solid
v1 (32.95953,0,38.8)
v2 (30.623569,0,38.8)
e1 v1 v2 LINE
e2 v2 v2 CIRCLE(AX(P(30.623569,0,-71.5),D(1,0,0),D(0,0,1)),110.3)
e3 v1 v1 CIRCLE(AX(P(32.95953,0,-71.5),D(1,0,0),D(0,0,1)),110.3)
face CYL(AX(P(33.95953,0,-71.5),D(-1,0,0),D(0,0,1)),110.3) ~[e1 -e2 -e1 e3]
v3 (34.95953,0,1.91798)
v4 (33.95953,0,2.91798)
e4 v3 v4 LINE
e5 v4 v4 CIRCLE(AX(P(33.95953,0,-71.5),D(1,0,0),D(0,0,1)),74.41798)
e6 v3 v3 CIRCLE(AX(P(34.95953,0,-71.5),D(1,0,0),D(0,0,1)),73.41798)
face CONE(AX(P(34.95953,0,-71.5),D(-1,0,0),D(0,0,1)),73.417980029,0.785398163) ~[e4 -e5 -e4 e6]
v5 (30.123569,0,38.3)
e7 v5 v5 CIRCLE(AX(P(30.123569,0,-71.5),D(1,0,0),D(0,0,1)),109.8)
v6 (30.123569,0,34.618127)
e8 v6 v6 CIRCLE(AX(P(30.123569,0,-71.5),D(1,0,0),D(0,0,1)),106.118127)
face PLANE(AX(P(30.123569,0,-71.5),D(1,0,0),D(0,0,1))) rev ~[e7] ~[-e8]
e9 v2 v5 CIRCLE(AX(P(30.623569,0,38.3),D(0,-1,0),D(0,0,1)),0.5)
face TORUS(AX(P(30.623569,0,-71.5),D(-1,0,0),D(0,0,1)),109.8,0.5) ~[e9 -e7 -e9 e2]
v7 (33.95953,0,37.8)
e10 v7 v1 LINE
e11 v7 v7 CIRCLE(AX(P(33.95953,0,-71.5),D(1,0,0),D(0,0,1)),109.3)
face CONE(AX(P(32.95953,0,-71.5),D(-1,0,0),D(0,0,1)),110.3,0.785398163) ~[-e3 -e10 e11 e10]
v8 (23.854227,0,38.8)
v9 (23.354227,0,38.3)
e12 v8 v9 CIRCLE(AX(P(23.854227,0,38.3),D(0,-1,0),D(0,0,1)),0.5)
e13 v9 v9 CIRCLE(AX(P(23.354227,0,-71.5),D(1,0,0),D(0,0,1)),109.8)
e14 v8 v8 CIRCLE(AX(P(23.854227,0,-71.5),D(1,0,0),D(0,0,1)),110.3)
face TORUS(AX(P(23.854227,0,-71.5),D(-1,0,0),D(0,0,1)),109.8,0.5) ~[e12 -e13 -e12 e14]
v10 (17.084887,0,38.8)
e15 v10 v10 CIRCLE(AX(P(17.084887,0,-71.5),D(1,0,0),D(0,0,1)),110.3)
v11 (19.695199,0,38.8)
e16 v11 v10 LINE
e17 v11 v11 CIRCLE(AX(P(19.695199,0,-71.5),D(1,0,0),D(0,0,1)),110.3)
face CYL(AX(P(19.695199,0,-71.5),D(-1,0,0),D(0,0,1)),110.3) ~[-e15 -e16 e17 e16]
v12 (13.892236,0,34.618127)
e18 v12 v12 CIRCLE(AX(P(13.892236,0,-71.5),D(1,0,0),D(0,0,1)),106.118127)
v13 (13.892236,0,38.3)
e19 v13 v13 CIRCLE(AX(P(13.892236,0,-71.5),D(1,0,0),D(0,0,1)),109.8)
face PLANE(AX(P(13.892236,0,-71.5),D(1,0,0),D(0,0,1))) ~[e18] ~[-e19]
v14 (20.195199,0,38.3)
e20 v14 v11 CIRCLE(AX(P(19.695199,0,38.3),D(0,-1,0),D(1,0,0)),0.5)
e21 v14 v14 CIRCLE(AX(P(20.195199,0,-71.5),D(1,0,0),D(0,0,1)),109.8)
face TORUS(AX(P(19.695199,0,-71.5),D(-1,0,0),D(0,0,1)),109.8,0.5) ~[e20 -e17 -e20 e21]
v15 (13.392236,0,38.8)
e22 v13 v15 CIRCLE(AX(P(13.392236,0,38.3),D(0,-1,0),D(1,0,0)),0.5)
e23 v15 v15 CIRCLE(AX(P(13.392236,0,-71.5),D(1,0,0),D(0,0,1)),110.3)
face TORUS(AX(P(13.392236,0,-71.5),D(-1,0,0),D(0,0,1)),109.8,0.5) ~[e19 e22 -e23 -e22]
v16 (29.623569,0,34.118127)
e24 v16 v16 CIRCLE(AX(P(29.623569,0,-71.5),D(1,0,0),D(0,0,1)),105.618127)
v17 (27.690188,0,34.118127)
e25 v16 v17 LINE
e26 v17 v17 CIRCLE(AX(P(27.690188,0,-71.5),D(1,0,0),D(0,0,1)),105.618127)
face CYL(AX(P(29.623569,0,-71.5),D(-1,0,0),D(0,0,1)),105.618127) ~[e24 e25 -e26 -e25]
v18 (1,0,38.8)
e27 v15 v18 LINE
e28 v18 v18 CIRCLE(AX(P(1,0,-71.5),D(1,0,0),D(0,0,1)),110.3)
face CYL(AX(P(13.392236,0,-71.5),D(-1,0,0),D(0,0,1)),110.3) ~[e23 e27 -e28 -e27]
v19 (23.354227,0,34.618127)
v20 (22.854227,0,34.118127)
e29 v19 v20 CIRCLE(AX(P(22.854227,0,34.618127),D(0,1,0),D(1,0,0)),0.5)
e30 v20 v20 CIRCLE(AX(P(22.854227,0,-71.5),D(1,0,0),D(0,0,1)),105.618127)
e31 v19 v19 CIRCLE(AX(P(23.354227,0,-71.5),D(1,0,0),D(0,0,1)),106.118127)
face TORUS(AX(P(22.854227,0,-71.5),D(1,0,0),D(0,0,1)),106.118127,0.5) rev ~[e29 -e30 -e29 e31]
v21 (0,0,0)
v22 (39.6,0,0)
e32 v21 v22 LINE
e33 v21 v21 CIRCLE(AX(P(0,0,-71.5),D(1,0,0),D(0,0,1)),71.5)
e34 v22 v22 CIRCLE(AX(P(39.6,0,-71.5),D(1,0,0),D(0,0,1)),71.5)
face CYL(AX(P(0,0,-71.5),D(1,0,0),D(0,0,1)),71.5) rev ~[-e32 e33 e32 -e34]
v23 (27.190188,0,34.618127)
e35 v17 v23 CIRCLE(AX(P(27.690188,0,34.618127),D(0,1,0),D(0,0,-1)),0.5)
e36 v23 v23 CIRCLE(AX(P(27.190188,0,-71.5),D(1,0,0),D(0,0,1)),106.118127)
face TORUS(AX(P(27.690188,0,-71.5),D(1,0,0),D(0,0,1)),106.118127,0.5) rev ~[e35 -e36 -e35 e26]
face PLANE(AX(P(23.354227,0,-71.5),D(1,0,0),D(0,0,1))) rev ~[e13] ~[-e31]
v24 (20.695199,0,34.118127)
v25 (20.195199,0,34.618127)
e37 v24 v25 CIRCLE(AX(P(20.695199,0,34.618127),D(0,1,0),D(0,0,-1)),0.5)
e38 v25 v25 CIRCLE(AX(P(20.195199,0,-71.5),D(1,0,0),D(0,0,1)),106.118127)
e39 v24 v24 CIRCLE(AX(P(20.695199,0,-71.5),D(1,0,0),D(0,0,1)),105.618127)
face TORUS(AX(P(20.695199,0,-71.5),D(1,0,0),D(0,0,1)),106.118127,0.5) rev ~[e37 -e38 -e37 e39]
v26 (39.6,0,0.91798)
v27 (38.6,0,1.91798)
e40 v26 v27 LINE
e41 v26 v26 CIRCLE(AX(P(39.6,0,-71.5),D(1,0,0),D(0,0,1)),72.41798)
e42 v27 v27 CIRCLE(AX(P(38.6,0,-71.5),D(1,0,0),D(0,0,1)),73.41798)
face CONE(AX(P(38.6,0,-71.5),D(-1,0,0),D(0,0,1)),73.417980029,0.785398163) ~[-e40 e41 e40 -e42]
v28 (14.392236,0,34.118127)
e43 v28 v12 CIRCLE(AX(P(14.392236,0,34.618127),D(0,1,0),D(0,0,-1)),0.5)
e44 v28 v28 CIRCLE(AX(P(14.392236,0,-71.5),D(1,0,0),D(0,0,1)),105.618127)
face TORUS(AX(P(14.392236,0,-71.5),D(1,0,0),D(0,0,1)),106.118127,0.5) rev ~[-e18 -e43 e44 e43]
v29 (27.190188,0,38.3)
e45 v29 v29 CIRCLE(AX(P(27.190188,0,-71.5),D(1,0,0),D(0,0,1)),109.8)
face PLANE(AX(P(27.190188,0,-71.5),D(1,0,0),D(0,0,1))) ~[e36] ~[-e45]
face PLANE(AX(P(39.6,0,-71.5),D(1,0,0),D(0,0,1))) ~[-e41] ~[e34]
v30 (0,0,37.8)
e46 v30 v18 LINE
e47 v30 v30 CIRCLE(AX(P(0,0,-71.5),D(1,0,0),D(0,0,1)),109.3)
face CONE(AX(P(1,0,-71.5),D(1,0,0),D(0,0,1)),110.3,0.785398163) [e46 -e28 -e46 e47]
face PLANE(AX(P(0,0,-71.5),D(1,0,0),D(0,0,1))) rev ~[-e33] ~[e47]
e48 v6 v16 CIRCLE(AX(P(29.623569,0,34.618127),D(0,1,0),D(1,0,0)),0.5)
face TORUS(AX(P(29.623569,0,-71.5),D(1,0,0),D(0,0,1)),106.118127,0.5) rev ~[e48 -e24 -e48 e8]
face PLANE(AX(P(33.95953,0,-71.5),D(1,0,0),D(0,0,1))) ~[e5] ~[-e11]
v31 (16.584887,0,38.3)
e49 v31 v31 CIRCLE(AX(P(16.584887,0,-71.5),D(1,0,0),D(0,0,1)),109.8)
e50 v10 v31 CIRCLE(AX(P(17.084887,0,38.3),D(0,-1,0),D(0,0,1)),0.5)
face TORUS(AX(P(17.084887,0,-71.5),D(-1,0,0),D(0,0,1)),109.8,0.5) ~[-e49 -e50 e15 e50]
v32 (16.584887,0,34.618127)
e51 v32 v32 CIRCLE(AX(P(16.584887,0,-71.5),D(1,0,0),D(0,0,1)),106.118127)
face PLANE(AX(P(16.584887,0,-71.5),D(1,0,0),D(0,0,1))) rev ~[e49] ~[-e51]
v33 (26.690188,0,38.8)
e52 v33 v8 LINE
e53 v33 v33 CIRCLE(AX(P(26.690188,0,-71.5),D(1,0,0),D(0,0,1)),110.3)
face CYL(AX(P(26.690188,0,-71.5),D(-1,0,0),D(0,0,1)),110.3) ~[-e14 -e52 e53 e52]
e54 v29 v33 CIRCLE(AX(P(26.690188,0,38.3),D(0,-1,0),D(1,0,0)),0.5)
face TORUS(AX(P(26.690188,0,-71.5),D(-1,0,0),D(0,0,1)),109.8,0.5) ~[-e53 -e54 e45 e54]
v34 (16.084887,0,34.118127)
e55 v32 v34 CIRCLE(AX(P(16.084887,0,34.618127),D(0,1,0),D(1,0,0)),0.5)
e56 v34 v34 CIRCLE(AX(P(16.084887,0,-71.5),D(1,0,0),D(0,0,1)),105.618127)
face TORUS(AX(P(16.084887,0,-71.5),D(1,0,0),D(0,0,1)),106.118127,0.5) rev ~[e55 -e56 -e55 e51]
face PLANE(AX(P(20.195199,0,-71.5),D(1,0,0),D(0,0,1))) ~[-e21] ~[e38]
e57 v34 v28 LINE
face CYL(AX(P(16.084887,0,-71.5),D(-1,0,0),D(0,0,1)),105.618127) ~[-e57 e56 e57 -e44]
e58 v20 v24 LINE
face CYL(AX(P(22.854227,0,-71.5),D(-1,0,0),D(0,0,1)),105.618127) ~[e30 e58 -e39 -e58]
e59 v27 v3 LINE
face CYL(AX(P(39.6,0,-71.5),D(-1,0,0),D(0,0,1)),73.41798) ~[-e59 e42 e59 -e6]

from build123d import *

# Parameters (mm, degrees)
F2_SIZE = 1


with BuildPart() as f1:
    # F0 (on Front) → F1 (revolve)
    with BuildSketch(Plane.XZ):
        with BuildLine():
            Line((0, 38.8), (0, 0))
            Line((0, 0), (39.6, 0))
            Line((39.6, 0), (39.6, 1.9179800292))
            Line((39.6, 1.9179800292), (33.9595302939, 1.9179800292))
            Line((33.9595302939, 1.9179800292), (33.9595302939, 38.8))
            Line((33.9595302939, 38.8), (30.6235690713, 38.8))
            ThreePointArc((30.6235690713, 38.8), (30.2700156807, 38.6535533906), (30.1235690713, 38.3))
            Line((30.1235690713, 38.3), (30.1235690713, 34.6181270778))
            ThreePointArc((30.1235690713, 34.6181270778), (29.9771224619, 34.2645736872), (29.6235690713, 34.1181270778))
            Line((29.6235690713, 34.1181270778), (27.690187946, 34.1181270778))
            ThreePointArc((27.690187946, 34.1181270778), (27.3366345554, 34.2645736872), (27.190187946, 34.6181270778))
            Line((27.190187946, 34.6181270778), (27.190187946, 38.3))
            ThreePointArc((27.190187946, 38.3), (27.0437413366, 38.6535533906), (26.690187946, 38.8))
            Line((26.690187946, 38.8), (23.8542267233, 38.8))
            ThreePointArc((23.8542267233, 38.8), (23.5006733327, 38.6535533906), (23.3542267233, 38.3))
            Line((23.3542267233, 38.3), (23.3542267233, 34.6181270778))
            ThreePointArc((23.3542267233, 34.6181270778), (23.2077801139, 34.2645736872), (22.8542267233, 34.1181270778))
            Line((22.8542267233, 34.1181270778), (20.6951991767, 34.1181270778))
            ThreePointArc((20.6951991767, 34.1181270778), (20.3416457861, 34.2645736872), (20.1951991767, 34.6181270778))
            Line((20.1951991767, 34.6181270778), (20.1951991767, 38.3))
            ThreePointArc((20.1951991767, 38.3), (20.0487525673, 38.6535533906), (19.6951991767, 38.8))
            Line((19.6951991767, 38.8), (17.0848871693, 38.8))
            ThreePointArc((17.0848871693, 38.8), (16.7313337787, 38.6535533906), (16.5848871693, 38.3))
            Line((16.5848871693, 38.3), (16.5848871693, 34.6181270778))
            ThreePointArc((16.5848871693, 34.6181270778), (16.4384405599, 34.2645736872), (16.0848871693, 34.1181270778))
            Line((16.0848871693, 34.1181270778), (14.3922360148, 34.1181270778))
            ThreePointArc((14.3922360148, 34.1181270778), (14.0386826242, 34.2645736872), (13.8922360148, 34.6181270778))
            Line((13.8922360148, 34.6181270778), (13.8922360148, 38.3))
            ThreePointArc((13.8922360148, 38.3), (13.7457894054, 38.6535533906), (13.3922360148, 38.8))
            Line((13.3922360148, 38.8), (0, 38.8))
        make_face()
    revolve(axis=Axis((21.1924966425, 0, -71.5), (1, 0, 0)))

    # F2
    f2_edges = [f1.edges().sort_by_distance(p)[0] for p in [
        (0, 0, -181.8),
        (33.95953, 0, -181.8),
        (33.95953, 0, -144.91798),
        (39.6, 0, -144.91798),
    ]]
    chamfer(f2_edges, length=F2_SIZE)


solid = f1.part
